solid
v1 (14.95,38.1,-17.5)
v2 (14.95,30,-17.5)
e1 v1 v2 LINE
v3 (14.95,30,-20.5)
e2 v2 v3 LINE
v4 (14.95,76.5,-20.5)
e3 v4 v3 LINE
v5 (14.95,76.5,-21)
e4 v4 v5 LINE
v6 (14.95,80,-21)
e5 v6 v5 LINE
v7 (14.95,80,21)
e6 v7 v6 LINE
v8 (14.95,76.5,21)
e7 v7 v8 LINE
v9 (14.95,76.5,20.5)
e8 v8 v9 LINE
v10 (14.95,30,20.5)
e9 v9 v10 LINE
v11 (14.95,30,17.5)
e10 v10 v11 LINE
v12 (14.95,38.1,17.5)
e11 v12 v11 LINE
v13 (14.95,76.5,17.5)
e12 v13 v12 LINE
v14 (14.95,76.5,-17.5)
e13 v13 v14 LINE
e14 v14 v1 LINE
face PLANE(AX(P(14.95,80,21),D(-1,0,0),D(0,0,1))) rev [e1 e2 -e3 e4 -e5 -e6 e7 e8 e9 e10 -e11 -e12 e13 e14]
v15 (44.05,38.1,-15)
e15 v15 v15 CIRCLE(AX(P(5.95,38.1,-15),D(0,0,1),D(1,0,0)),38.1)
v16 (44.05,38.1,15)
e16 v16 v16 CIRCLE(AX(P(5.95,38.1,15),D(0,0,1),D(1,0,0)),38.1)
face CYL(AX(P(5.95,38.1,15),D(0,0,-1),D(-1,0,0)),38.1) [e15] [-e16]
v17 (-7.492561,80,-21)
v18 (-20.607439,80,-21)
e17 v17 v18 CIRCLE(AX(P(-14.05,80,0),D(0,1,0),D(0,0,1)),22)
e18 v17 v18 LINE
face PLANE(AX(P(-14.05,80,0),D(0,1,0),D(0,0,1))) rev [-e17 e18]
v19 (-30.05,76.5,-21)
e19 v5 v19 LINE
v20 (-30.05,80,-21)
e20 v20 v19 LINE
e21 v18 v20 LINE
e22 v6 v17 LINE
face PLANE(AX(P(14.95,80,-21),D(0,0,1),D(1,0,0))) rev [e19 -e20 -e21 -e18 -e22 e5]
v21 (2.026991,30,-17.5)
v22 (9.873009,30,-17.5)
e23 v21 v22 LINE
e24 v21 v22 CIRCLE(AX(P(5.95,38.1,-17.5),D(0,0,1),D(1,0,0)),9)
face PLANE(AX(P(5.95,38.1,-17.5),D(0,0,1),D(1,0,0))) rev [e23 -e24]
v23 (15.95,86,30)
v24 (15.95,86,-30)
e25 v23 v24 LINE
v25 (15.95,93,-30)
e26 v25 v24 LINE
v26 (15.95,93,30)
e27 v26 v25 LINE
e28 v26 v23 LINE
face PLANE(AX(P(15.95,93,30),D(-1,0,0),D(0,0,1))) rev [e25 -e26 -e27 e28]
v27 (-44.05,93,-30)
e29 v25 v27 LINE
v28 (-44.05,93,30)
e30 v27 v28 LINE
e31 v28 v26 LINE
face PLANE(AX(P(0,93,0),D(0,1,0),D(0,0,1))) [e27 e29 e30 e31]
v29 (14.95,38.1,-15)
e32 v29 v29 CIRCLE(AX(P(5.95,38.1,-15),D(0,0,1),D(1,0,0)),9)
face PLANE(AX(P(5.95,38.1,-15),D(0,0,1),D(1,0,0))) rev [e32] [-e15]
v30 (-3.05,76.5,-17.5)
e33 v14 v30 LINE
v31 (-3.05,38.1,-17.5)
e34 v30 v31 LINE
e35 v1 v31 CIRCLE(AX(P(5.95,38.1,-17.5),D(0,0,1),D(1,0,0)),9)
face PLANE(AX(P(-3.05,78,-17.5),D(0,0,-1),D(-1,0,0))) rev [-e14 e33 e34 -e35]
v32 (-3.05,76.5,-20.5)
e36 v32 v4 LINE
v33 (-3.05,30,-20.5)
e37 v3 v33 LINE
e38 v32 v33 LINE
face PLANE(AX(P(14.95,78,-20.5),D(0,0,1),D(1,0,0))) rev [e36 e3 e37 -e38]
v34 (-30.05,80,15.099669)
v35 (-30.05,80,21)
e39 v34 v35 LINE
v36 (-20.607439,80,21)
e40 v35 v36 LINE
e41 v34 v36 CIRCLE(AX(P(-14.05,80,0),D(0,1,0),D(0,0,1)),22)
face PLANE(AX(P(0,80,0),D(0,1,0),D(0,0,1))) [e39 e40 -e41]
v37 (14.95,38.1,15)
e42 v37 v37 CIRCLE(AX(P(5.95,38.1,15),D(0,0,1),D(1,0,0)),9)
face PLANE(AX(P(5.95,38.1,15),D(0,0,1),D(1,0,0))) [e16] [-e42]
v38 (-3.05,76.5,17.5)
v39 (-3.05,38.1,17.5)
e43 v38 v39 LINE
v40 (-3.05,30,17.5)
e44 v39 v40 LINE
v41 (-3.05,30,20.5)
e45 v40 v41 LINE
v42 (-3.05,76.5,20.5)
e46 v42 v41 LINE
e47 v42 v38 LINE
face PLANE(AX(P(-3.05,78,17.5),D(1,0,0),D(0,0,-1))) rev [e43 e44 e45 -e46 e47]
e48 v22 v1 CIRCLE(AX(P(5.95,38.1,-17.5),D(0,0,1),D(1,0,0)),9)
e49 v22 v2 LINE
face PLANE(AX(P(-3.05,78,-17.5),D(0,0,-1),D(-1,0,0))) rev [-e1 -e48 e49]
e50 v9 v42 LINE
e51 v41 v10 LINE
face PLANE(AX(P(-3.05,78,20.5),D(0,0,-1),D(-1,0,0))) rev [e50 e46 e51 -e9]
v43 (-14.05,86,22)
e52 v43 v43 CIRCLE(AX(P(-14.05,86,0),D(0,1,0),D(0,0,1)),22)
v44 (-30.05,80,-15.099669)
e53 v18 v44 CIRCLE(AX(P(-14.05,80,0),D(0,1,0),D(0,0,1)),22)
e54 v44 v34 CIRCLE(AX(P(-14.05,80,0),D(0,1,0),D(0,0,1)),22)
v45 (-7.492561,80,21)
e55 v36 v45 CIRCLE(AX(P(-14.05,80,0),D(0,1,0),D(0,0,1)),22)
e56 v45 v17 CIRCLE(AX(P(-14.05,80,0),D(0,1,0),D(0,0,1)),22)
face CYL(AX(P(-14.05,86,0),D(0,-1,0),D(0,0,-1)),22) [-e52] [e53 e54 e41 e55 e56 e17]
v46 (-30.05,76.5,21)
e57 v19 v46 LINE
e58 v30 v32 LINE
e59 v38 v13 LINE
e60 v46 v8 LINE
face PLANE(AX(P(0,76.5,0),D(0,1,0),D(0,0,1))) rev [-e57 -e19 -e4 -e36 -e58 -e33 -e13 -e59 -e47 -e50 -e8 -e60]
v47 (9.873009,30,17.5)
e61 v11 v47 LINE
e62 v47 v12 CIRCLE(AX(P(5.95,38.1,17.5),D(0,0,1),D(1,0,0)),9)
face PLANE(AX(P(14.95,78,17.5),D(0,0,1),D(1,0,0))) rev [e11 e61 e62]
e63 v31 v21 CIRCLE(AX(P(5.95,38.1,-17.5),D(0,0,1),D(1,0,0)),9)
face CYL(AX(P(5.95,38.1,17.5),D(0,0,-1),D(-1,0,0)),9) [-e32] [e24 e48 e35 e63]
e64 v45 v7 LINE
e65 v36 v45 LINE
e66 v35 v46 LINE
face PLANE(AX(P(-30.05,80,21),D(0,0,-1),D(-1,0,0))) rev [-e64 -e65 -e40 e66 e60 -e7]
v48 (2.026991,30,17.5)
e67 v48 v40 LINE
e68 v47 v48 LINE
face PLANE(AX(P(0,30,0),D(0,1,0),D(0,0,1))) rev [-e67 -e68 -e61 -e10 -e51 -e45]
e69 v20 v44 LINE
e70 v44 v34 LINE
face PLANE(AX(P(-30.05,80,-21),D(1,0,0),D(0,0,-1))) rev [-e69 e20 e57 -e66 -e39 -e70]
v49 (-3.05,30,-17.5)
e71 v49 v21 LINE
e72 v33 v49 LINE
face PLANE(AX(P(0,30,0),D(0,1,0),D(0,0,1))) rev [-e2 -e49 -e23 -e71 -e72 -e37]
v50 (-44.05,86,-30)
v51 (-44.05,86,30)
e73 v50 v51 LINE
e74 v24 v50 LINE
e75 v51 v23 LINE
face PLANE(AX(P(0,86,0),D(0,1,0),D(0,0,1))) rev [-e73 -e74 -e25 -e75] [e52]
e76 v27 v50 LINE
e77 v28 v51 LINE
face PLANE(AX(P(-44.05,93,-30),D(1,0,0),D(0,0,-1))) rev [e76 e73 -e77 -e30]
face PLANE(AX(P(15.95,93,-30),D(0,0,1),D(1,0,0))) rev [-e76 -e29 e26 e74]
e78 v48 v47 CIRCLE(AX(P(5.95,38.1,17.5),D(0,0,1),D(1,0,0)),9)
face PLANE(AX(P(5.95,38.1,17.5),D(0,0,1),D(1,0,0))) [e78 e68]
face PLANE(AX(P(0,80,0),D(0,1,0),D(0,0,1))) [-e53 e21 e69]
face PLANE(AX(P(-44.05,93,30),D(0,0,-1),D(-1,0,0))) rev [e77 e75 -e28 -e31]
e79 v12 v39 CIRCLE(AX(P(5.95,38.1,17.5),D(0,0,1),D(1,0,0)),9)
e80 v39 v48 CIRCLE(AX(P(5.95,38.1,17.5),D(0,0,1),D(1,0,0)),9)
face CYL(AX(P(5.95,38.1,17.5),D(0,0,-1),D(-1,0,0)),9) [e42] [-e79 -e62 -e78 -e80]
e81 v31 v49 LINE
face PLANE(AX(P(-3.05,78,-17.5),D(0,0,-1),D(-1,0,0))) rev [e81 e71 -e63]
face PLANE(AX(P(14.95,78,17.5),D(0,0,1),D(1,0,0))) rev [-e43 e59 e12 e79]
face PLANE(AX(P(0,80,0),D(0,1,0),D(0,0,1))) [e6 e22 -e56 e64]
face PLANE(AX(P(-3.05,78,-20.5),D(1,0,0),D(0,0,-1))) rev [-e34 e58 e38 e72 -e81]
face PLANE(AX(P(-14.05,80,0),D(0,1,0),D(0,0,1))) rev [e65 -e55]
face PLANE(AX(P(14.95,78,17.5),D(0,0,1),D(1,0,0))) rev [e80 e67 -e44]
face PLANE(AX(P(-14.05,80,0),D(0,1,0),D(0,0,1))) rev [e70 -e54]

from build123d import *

# Parameters (mm, degrees)
P01_SPACER4MM_START  = 89
SK_P01_SPACER4MM_W   = 60
SK_P01_SPACER4MM_H   = 60
P01_SPACER4MM_DEPTH  = 4
P02_TOPPLATE_START   = 86
SK_P02_TOPPLATE_W    = 60
SK_P02_TOPPLATE_H    = 60
P02_TOPPLATE_DEPTH   = 3
P03_SWIVELRACE_START = 80
SK_P03_SWIVELRACE_R  = 22
P03_SWIVELRACE_DEPTH = 6
P04_FORKYOKE_START   = 76.5
SK_P04_FORKYOKE_W    = 45
SK_P04_FORKYOKE_H    = 42
P04_FORKYOKE_DEPTH   = 3.5
P05_FORKLEG_START    = 30
SK_P05_FORKLEG_W     = 18
SK_P05_FORKLEG_H     = 3
P05_FORKLEG_DEPTH    = 48
P06_FORKLEG_START    = 30
SK_P06_FORKLEG_W     = 18
SK_P06_FORKLEG_H     = 3
P06_FORKLEG_DEPTH    = 48
P07_WHEEL3IN_START   = -15
SK_P07_WHEEL3IN_R    = 38.1
P07_WHEEL3IN_DEPTH   = 30
P08_AXLE_START       = -17.5
SK_P08_AXLE_R        = 9
P08_AXLE_DEPTH       = 35


with BuildPart() as part:
    # SK_P01_Spacer4mm → P01_Spacer4mm (new body)
    with BuildSketch(Plane(origin=(0, 0, 0), x_dir=(1, 0, 0), z_dir=(0, 1, 0)).offset(P01_SPACER4MM_START)):
        with Locations((-14.05, 0)):
            Rectangle(SK_P01_SPACER4MM_W, SK_P01_SPACER4MM_H)
    extrude(amount=P01_SPACER4MM_DEPTH)

    # SK_P02_Topplate → P02_Topplate (add)
    with BuildSketch(Plane(origin=(0, 0, 0), x_dir=(1, 0, 0), z_dir=(0, 1, 0)).offset(P02_TOPPLATE_START)):
        with Locations((-14.05, 0)):
            Rectangle(SK_P02_TOPPLATE_W, SK_P02_TOPPLATE_H)
    extrude(amount=P02_TOPPLATE_DEPTH)

    # SK_P03_Swivelrace → P03_Swivelrace (add)
    with BuildSketch(Plane(origin=(0, 0, 0), x_dir=(1, 0, 0), z_dir=(0, 1, 0)).offset(P03_SWIVELRACE_START)):
        with Locations(Location((-14.05, 0, 0), (0, 0, 270))):
            Circle(SK_P03_SWIVELRACE_R)
    extrude(amount=P03_SWIVELRACE_DEPTH)

    # SK_P04_Forkyoke → P04_Forkyoke (add)
    with BuildSketch(Plane(origin=(0, 0, 0), x_dir=(1, 0, 0), z_dir=(0, 1, 0)).offset(P04_FORKYOKE_START)):
        with Locations((-7.55, 0)):
            Rectangle(SK_P04_FORKYOKE_W, SK_P04_FORKYOKE_H)
    extrude(amount=P04_FORKYOKE_DEPTH)

    # SK_P05_Forkleg → P05_Forkleg (add)
    with BuildSketch(Plane(origin=(0, 0, 0), x_dir=(1, 0, 0), z_dir=(0, 1, 0)).offset(P05_FORKLEG_START)):
        with Locations((5.95, 19)):
            Rectangle(SK_P05_FORKLEG_W, SK_P05_FORKLEG_H)
    extrude(amount=P05_FORKLEG_DEPTH)

    # SK_P06_Forkleg → P06_Forkleg (add)
    with BuildSketch(Plane(origin=(0, 0, 0), x_dir=(1, 0, 0), z_dir=(0, 1, 0)).offset(P06_FORKLEG_START)):
        with Locations((5.95, -19)):
            Rectangle(SK_P06_FORKLEG_W, SK_P06_FORKLEG_H)
    extrude(amount=P06_FORKLEG_DEPTH)



with BuildPart() as body_2:
    # SK_P07_Wheel3in → P07_Wheel3in (new body)
    with BuildSketch(Plane.XY.offset(P07_WHEEL3IN_START)):
        with Locations((5.95, 38.1)):
            Circle(SK_P07_WHEEL3IN_R)
    extrude(amount=P07_WHEEL3IN_DEPTH)


with BuildPart() as part_1:
    add(part.part)

    add(body_2.part)  # P08_Axle merges body 2
    # SK_P08_Axle → P08_Axle (add)
    with BuildSketch(Plane.XY.offset(P08_AXLE_START)):
        with Locations((5.95, 38.1)):
            Circle(SK_P08_AXLE_R)
    extrude(amount=P08_AXLE_DEPTH)


solid = part_1.part
